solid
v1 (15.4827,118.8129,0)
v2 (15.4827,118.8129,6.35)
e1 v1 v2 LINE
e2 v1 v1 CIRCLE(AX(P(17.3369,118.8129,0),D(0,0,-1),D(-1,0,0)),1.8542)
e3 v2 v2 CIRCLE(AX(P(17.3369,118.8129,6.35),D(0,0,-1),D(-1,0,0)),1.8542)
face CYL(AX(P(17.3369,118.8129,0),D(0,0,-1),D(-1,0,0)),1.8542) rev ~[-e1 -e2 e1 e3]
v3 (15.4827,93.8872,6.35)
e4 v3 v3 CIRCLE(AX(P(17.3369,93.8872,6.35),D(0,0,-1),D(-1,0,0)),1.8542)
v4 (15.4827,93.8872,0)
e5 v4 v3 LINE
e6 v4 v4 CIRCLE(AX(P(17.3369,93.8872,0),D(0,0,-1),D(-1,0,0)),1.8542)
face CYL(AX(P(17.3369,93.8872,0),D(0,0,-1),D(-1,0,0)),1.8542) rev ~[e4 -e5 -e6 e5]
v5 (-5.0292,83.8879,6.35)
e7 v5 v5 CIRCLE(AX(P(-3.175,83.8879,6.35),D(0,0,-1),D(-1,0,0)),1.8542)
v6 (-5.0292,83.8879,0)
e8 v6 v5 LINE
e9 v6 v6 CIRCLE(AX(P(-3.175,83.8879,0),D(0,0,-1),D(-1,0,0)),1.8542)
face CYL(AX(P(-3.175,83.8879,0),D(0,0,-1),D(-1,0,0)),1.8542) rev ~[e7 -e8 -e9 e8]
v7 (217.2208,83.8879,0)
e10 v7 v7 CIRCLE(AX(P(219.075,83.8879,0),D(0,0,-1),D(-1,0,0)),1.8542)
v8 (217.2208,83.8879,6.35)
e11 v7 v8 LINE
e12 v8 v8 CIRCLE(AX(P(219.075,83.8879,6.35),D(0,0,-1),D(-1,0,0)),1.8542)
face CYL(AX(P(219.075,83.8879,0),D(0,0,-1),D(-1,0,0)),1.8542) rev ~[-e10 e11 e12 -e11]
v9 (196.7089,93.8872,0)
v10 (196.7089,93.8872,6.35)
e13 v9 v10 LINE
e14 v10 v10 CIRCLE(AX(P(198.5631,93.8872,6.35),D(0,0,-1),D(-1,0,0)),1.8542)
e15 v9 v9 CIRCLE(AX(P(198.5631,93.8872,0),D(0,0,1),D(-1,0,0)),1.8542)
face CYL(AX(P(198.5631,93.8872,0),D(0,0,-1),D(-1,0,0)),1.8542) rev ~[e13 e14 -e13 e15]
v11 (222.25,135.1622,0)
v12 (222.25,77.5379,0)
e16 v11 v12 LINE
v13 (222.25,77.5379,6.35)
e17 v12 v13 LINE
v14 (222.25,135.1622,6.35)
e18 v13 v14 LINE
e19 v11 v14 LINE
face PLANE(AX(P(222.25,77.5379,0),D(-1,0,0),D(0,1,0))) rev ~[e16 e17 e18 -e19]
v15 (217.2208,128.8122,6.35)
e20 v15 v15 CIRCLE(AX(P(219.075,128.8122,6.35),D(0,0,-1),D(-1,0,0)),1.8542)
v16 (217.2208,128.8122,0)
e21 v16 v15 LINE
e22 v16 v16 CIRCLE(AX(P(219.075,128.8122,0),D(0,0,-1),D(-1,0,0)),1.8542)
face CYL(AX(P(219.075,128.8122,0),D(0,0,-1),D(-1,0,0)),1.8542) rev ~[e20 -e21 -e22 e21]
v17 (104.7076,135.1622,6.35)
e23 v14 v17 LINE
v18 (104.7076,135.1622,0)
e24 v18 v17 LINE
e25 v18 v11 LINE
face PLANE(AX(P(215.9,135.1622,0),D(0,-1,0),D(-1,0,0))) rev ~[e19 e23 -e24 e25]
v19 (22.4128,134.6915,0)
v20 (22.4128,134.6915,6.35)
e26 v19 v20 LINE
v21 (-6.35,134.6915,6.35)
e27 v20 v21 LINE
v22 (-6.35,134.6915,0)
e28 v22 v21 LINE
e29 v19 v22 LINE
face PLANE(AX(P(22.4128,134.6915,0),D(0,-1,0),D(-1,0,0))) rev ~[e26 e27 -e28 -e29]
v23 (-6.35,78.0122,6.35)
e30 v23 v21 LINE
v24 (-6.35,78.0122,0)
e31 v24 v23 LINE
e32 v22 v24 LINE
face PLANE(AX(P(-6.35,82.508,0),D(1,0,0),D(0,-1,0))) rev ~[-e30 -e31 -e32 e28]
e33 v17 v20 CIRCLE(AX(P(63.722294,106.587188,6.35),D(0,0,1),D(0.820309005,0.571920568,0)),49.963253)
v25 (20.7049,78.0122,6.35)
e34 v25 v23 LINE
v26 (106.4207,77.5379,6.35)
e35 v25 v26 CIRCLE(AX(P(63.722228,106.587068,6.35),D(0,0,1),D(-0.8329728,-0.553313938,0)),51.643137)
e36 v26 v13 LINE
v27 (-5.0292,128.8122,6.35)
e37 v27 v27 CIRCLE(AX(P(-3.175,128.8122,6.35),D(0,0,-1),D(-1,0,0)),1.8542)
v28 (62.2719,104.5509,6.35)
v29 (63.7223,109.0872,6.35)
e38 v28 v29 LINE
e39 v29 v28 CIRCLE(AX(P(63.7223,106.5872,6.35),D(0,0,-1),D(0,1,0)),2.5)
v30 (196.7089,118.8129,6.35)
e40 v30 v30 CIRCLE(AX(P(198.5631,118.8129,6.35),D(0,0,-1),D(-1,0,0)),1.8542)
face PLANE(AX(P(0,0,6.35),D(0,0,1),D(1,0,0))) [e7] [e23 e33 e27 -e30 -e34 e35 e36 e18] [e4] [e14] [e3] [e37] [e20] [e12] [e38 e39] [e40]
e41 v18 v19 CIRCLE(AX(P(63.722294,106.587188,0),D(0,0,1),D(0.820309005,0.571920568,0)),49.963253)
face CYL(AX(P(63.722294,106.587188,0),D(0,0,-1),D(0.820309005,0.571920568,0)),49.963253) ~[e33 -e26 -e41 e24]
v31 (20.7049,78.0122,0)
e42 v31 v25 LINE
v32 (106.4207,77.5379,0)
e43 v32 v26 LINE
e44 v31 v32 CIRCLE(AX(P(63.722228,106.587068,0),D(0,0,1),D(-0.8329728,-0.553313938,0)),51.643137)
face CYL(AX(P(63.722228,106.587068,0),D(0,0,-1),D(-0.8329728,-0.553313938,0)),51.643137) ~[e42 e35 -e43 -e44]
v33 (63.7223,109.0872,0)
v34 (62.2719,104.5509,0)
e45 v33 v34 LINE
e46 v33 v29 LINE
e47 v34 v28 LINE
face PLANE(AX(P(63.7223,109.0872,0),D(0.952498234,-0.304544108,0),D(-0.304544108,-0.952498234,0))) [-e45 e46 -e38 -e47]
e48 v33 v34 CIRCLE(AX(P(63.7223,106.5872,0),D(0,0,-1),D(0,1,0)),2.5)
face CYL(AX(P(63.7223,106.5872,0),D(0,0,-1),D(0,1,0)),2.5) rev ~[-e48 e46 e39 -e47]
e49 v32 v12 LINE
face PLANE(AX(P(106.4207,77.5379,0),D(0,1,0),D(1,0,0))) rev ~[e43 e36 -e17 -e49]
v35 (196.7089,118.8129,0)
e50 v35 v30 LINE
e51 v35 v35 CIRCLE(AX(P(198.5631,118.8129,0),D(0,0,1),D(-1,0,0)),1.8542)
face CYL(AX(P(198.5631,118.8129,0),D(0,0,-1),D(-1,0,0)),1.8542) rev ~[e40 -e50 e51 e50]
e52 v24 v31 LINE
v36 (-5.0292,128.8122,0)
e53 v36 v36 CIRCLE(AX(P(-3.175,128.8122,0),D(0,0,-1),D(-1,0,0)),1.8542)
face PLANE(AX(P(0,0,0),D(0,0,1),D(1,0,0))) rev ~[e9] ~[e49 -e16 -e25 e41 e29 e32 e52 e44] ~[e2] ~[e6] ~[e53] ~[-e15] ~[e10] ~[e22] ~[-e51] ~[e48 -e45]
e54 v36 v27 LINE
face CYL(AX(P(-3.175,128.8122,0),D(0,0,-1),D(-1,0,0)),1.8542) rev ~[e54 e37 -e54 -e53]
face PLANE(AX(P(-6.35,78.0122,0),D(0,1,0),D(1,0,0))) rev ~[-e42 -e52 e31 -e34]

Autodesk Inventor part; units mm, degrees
ref_plane "YZ Plane" through (0, 0, 0) normal (1, 0, 0) x (0, 1, 0)
ref_plane "XZ Plane" through (0, 0, 0) normal (0, 1, 0) x (-1, 0, 0)
ref_plane "XY Plane" through (0, 0, 0) normal (0, 0, 1) x (1, 0, 0)
sketch "Sketch1" plane through (0, 0, 0) normal (0, 0, 1) x (1, 0, 0)
  line L0 (0, 78.0122) -> (0, 82.508) projected
  line L1 (-6.35, 82.508) -> (-6.35, 78.0122) projected
  line L2 (-6.35, 78.0122) -> (0, 78.0122) projected
  line L3 (222.25, 130.6664) -> (222.25, 135.1622) projected
  line L4 (215.9, 135.1622) -> (222.25, 135.1622) projected
  line L5 (215.9, 135.1622) -> (215.9, 130.6664) projected
  line L6 (222.25, 77.5379) -> (222.25, 135.1622)
  line L7 (-6.35, 134.6915) -> (-6.35, 78.0122)
  arc A0 (65.1726, 108.6235) -> (63.7223, 104.0872) centre (63.7223, 106.5872) ccw projected
  line L8 (222.25, 135.1622) -> (104.7076, 135.1622)
  line L9 (22.4128, 134.6915) -> (-6.35, 134.6915)
  line L10 (-6.35, 78.0122) -> (20.7049, 78.0122)
  line L11 (106.4207, 77.5379) -> (222.25, 77.5379)
  arc A1 (104.7076, 135.1622) -> (22.4128, 134.6915) centre (63.7223, 106.5872) ccw
  arc A2 (20.7049, 78.0122) -> (106.4207, 77.5379) centre (63.7223, 106.5872) ccw
  line L12 (215.9, 130.6664) -> (222.25, 130.6664) projected
  line L13 (0, 82.508) -> (-6.35, 82.508) projected
  point P0 (0, 0)
extrude "Extrusion1" add sketch "Sketch1" along normal blind 6.35
sketch "Sketch2" plane through (0, 0, 0) normal (0, 0, -1) x (-1, 0, 0)
  line L0 (-53.2456, 114.8496) -> (-74.1989, 114.8496) projected
  line L1 (-13.716, 122.4622) -> (-13.716, 90.7122) projected
  line L2 (-63.7223, 114.8496) -> (-63.7223, 83.3208) construction
  line L3 (-13.716, 106.5872) -> (-74.4954, 106.5872) construction
  arc A0 (-63.7223, 109.0872) -> (-61.2223, 106.5872) centre (-63.7223, 106.5872) ccw
  line L4 (-63.7223, 109.0872) -> (-62.2719, 104.5509)
  point P0 (0, 0)
  dimension "d2" = 5
  dimension "d3" = 4.7625
extrude "Extrusion2" cut sketch "Sketch2" against normal through all
sketch "Sketch3" plane through (0, 0, 0) normal (0, 0, -1) x (-1, 0, 0)
  line L0 (6.35, 134.6915) -> (6.35, 78.0122) construction
  line L1 (-222.25, 135.1622) -> (-104.7076, 135.1622) construction
  line L2 (-222.25, 77.5379) -> (-222.25, 135.1622) construction
  line L3 (-106.4207, 77.5379) -> (-222.25, 77.5379) construction
  line L4 (-215.9, 135.1622) -> (-215.9, 130.6664) construction
  line L5 (-217.6131, 96.5879) -> (-200.4173, 96.5879) construction
  line L6 (-200.4173, 90.2379) -> (-217.6131, 90.2379) construction
  line L7 (-217.6131, 90.2379) -> (-217.6131, 96.5879) construction
  line L8 (-217.6131, 121.9879) -> (-200.4173, 121.9879) construction
  line L9 (-200.4173, 115.6379) -> (-217.6131, 115.6379) construction
  line L10 (-217.6131, 115.6379) -> (-217.6131, 121.9879) construction
  circle A0 centre (-219.075, 128.8122) radius 1.8542
  circle A1 centre (-198.5631, 118.8129) radius 1.8542
  line L11 (-222.25, 106.3501) -> (-215.9, 106.3501) construction
  circle A2 centre (-219.075, 83.8879) radius 1.8542
  circle A3 centre (-198.5631, 93.8872) radius 1.8542
  line L12 (-107.95, 135.1622) -> (-107.95, 78.0122) construction
  circle A4 centre (3.175, 128.8122) radius 1.8542
  circle A5 centre (-17.3369, 118.8129) radius 1.8542
  circle A6 centre (-17.3369, 93.8872) radius 1.8542
  circle A7 centre (3.175, 83.8879) radius 1.8542
  line L13 (-200.4173, 121.9879) -> (-200.4173, 115.6379) projected
  line L14 (-200.4173, 96.5879) -> (-200.4173, 90.2379) projected
  point P0 (0, 0)
  point P1 (-215.9, 135.1622)
  dimension "d7" = 3.7084
  dimension "d8" = 3.175
  dimension "d9" = 3.175
  dimension "d10" = 6.35
  dimension "d11" = 3.7084
  dimension "d12" = 19.05
  dimension "d13" = 28.8121
  dimension "d14" = 28.8121
  dimension "d15" = 114.3
  dimension "d16" = 114.3
extrude "Extrusion3" cut sketch "Sketch3" against normal through all
equation "\"d8\" = d9"
equation "\"d13\" = d14"
equation "\"d15\" = d16"
properties part number "tiltStructureCrossBeam" material "Wood (Cherry)"
